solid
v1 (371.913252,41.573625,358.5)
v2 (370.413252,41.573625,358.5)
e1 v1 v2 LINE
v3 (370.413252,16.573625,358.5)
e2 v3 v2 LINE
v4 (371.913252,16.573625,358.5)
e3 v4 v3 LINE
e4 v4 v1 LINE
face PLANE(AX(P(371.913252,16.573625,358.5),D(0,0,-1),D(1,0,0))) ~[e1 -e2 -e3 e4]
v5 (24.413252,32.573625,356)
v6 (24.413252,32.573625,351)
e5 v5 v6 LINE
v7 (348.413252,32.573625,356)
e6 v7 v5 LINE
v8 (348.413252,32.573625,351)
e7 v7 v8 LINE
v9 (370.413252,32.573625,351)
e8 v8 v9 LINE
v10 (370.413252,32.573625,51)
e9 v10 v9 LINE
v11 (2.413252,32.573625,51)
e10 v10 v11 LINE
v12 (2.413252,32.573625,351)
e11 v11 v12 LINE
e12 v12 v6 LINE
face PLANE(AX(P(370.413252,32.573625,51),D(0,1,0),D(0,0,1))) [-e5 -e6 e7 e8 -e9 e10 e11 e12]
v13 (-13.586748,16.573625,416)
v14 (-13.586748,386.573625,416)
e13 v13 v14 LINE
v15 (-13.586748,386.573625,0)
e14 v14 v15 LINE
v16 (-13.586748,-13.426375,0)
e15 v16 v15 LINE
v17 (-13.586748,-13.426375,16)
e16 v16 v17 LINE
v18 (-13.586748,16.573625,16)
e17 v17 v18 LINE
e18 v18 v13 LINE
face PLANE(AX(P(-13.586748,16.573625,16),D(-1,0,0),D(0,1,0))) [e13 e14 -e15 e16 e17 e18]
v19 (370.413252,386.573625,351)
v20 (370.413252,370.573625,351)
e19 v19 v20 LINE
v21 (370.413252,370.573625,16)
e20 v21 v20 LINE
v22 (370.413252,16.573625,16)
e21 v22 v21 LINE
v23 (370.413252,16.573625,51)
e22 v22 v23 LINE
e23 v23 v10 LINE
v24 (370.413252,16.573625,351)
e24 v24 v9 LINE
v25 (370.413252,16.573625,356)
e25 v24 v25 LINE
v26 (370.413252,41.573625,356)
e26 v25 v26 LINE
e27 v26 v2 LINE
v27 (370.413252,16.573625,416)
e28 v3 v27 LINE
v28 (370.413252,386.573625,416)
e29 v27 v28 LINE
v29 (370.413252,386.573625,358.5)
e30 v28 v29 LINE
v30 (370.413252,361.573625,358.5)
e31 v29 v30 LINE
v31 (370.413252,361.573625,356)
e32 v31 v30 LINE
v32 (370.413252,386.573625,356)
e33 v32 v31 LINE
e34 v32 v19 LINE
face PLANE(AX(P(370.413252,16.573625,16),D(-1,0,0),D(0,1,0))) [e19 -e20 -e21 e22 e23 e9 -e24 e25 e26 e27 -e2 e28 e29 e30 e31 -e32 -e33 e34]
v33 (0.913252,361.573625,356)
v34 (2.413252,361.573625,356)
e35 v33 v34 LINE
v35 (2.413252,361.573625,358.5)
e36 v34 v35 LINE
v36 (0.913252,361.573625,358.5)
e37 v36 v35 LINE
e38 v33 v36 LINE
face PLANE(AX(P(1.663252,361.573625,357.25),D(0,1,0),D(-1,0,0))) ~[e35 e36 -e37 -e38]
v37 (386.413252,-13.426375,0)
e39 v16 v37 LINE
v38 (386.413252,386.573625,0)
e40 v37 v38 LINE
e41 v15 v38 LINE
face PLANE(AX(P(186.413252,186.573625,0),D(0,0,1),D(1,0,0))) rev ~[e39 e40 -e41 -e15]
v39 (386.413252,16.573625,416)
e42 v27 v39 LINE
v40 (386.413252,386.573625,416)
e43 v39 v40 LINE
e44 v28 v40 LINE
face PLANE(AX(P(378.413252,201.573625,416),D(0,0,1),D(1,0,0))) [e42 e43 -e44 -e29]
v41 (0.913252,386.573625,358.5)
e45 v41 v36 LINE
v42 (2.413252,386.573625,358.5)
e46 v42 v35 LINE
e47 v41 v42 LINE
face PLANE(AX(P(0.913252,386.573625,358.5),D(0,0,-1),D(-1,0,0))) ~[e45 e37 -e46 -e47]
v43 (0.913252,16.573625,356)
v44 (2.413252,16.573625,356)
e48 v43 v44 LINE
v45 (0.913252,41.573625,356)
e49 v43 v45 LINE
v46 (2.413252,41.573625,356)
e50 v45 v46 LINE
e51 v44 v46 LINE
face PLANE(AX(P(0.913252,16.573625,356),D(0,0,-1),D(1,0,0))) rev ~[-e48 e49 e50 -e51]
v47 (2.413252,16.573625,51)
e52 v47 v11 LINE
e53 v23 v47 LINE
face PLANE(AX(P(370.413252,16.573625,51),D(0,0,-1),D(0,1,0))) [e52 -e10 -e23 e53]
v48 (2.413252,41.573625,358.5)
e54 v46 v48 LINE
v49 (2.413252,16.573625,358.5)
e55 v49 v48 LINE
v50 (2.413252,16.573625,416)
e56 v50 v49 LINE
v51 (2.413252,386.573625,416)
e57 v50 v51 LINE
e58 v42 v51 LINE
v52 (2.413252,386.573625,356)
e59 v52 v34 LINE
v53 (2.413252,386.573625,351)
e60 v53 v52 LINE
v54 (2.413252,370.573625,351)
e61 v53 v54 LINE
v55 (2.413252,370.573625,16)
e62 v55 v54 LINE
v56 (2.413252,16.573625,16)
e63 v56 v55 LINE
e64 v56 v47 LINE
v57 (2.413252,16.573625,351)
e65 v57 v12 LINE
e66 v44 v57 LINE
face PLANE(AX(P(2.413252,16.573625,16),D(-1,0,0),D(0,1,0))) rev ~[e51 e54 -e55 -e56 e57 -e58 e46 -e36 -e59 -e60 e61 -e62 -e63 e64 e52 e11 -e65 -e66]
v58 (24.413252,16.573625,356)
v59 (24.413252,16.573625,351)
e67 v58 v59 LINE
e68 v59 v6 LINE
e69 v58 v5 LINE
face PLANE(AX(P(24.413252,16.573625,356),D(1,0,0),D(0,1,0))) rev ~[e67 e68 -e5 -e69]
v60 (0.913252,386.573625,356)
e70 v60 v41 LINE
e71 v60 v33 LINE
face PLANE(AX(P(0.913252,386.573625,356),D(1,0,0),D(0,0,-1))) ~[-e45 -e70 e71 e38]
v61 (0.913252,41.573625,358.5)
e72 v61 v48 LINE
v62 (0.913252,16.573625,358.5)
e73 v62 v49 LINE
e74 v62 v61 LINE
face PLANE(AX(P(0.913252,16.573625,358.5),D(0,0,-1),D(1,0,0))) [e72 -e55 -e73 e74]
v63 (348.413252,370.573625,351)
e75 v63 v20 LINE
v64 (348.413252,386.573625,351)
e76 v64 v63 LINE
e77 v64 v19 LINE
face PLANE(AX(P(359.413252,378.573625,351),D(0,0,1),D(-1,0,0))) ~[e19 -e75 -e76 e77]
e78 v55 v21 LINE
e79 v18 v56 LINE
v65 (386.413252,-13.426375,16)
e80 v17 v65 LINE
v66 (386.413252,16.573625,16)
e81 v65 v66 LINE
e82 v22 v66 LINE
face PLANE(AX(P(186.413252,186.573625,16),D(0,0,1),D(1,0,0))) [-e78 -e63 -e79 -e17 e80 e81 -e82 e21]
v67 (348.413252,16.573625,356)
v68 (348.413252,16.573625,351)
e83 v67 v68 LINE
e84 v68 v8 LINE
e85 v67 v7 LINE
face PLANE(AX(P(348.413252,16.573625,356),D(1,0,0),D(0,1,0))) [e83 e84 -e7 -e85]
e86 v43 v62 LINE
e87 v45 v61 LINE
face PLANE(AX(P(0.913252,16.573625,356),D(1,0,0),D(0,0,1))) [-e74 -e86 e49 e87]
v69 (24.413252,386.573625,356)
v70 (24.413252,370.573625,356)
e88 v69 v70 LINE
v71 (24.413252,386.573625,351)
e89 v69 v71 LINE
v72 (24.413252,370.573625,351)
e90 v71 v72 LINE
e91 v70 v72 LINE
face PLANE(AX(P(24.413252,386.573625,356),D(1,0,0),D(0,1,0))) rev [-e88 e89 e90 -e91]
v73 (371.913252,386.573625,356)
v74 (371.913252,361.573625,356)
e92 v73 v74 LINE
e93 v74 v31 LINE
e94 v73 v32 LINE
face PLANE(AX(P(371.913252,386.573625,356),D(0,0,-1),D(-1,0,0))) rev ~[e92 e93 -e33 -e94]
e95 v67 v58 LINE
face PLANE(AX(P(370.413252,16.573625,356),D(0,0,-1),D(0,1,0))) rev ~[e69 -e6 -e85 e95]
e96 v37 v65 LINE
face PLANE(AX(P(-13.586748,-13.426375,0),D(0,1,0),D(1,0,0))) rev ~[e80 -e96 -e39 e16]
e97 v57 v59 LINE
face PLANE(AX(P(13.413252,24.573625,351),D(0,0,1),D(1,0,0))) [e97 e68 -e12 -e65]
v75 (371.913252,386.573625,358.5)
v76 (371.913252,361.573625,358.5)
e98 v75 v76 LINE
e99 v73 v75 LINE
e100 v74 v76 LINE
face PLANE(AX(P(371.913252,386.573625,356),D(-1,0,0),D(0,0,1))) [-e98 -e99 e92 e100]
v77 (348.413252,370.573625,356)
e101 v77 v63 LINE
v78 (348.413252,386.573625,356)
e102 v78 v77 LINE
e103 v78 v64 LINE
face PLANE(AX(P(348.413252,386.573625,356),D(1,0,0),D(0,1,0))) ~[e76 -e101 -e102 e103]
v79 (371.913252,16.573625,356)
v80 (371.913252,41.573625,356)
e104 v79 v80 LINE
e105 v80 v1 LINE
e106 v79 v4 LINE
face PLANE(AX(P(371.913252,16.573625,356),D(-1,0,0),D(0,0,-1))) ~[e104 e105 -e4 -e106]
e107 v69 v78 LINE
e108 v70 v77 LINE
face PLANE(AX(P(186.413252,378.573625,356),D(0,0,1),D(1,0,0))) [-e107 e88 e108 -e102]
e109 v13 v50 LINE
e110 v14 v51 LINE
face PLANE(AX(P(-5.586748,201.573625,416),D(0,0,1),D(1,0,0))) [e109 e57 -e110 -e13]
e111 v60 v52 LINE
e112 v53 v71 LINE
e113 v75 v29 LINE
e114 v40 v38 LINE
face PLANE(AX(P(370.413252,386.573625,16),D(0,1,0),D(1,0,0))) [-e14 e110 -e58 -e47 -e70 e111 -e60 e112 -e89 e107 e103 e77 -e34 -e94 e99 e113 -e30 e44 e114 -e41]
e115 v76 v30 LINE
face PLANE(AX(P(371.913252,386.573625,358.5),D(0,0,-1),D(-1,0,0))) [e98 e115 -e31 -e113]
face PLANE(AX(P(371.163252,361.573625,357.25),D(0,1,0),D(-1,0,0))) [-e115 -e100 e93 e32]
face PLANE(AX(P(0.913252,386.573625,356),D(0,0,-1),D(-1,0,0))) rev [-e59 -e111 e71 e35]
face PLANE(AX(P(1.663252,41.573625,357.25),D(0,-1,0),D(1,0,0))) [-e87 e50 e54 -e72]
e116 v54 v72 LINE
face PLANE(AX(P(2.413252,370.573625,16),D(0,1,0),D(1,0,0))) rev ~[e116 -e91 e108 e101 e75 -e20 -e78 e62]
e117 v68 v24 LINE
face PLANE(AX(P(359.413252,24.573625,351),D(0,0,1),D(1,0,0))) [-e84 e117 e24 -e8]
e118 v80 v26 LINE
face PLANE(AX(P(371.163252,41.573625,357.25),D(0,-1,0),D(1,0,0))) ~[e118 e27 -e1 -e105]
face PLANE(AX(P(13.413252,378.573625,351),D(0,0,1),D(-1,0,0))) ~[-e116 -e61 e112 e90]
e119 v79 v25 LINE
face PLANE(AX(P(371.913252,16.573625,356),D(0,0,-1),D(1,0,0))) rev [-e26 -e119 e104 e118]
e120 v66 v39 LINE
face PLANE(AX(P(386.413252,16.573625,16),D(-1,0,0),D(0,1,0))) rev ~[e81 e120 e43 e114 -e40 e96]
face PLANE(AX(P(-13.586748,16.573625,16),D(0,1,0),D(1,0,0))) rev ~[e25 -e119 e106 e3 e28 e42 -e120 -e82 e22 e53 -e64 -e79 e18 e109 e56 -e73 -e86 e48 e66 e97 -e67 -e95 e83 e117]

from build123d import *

# Parameters (mm, degrees)
SKETCH_1_W               = 400
SKETCH_1_H               = 400
EXTRUDE_1_DEPTH          = 16
SKETCH_2_W               = 16
SKETCH_2_H               = 370
EXTRUDE_2_DEPTH          = 400
SKETCH_3_W               = 16
SKETCH_3_H               = 370
EXTRUDE_3_DEPTH          = 400
SKETCH_4_W               = 368
SKETCH_4_H               = 16
EXTRUDE_4_DEPTH          = 340
EXTRUDE_5_REACH          = 687.53
SKETCH_6_W               = 305
SKETCH_6_H               = 16
SKETCH_7_W               = 22
SKETCH_7_H               = 16
CUT_EXTRUDE_1_DEPTH      = 5
SKETCH_14_W              = 22
SKETCH_14_H              = 16
CUT_EXTRUDE_2_DEPTH      = 5
SKETCH_15_W              = 1.5
SKETCH_15_H              = 2.5
CUT_EXTRUDE_3_DEPTH      = 25
MIRROR_4_COPY_1_SKETCH_W = 1.5
MIRROR_4_COPY_1_SKETCH_H = 2.5
MIRROR_4_COPY_1_DEPTH    = 25
MIRROR_4_COPY_2_SKETCH_W = 1.5
MIRROR_4_COPY_2_SKETCH_H = 2.5
MIRROR_4_COPY_2_DEPTH    = 25
MIRROR_4_COPY_3_SKETCH_W = 1.5
MIRROR_4_COPY_3_SKETCH_H = 2.5
MIRROR_4_COPY_3_DEPTH    = 25
MIRROR_4_COPY_4_SKETCH_W = 1.5
MIRROR_4_COPY_4_SKETCH_H = 2.5
MIRROR_4_COPY_4_DEPTH    = 25


with BuildPart() as part:
    # 草图1 → 凸台-拉伸1 (new body)
    with BuildSketch(Plane.XY):
        with Locations((186.413251901, 186.573625287)):
            Rectangle(SKETCH_1_W, SKETCH_1_H)
    extrude(amount=EXTRUDE_1_DEPTH)

    # 草图2 → 凸台-拉伸2 (add)
    with BuildSketch(Plane.XY.offset(16)):
        with Locations((-5.586748099, 201.573625287)):
            Rectangle(SKETCH_2_W, SKETCH_2_H)
    extrude(amount=EXTRUDE_2_DEPTH)

    # 草图3 → 凸台-拉伸3 (add)
    with BuildSketch(Plane.XY.offset(16)):
        with Locations((378.413251901, 201.573625287)):
            Rectangle(SKETCH_3_W, SKETCH_3_H)
    extrude(amount=EXTRUDE_3_DEPTH)

    # 草图4 → 凸台-拉伸4 (add)
    with BuildSketch(Plane.XY.offset(16)):
        with Locations((186.413251901, 378.573625287)):
            Rectangle(SKETCH_4_W, SKETCH_4_H)
    extrude(amount=EXTRUDE_4_DEPTH)

    # 草图6 → 凸台-拉伸5 (add, up to next)
    with BuildSketch(Plane.ZY.offset(-370.413251901), mode=Mode.PRIVATE) as extrude_5_sk1:
        with Locations((203.5, 24.573625287)):
            Rectangle(SKETCH_6_W, SKETCH_6_H)
    extrude_5_tool1 = extrude(extrude_5_sk1.sketch, amount=EXTRUDE_5_REACH, mode=Mode.PRIVATE) - part.part
    add(extrude_5_tool1.solids().sort_by_distance((370.413252, 24.573625, 203.5))[0])

    # 草图7 → 切除-拉伸1 (cut)
    with BuildSketch(Plane.XY.offset(356)):
        with Locations((359.413251901, 24.573625287)):
            Rectangle(SKETCH_7_W, SKETCH_7_H)
    cut_extrude_1 = extrude(amount=-CUT_EXTRUDE_1_DEPTH, mode=Mode.SUBTRACT)

    # 草图14 → 切除-拉伸2 (cut)
    with BuildSketch(Plane.XY.offset(356)):
        with Locations((13.413251901, 24.573625287)):
            Rectangle(SKETCH_14_W, SKETCH_14_H)
    cut_extrude_2 = extrude(amount=-CUT_EXTRUDE_2_DEPTH, mode=Mode.SUBTRACT)

    # 镜向1: 切除-拉伸1, 切除-拉伸2 across plane
    add(cut_extrude_1.mirror(Plane(origin=(0, 201.573625287, 0), x_dir=(0, 0, 1), z_dir=(0, -1, 0))), mode=Mode.SUBTRACT)
    add(cut_extrude_2.mirror(Plane(origin=(0, 201.573625287, 0), x_dir=(0, 0, 1), z_dir=(0, -1, 0))), mode=Mode.SUBTRACT)

    # 草图15 → 切除-拉伸3 (cut)
    with BuildSketch(Plane.XZ.offset(-16.573625287)):
        with Locations((1.663251901, 357.25)):
            Rectangle(SKETCH_15_W, SKETCH_15_H)
    cut_extrude_3 = extrude(amount=-CUT_EXTRUDE_3_DEPTH, mode=Mode.SUBTRACT)

    # 镜向2: 切除-拉伸3 across plane
    add(cut_extrude_3.mirror(Plane(origin=(0, 201.573625287, 0), x_dir=(0, 0, 1), z_dir=(0, -1, 0))), mode=Mode.SUBTRACT)

    # 镜向3: 切除-拉伸3 across plane
    add(cut_extrude_3.mirror(Plane(origin=(186.413251901, 0, 0), x_dir=(0, 0, 1), z_dir=(1, 0, 0))), mode=Mode.SUBTRACT)

    # 镜向4 copy 1 sketch → 镜向4 copy 1 (cut)
    with BuildSketch(Plane.XZ.offset(-16.573625287)):
        with Locations((1.663251901, 357.25)):
            Rectangle(MIRROR_4_COPY_1_SKETCH_W, MIRROR_4_COPY_1_SKETCH_H)
    extrude(amount=-MIRROR_4_COPY_1_DEPTH, mode=Mode.SUBTRACT)

    # 镜向4 copy 2 sketch → 镜向4 copy 2 (cut)
    with BuildSketch(Plane(origin=(0, 386.573625287, 0), x_dir=(1, 0, 0), z_dir=(0, 1, 0))):
        with Locations((1.663251901, -357.25)):
            Rectangle(MIRROR_4_COPY_2_SKETCH_W, MIRROR_4_COPY_2_SKETCH_H)
    extrude(amount=-MIRROR_4_COPY_2_DEPTH, mode=Mode.SUBTRACT)

    # 镜向4 copy 3 sketch → 镜向4 copy 3 (cut)
    with BuildSketch(Plane(origin=(372.826503801, 386.573625287, 0), x_dir=(-1, 0, 0), z_dir=(0, 1, 0))):
        with Locations((1.663251901, 357.25)):
            Rectangle(MIRROR_4_COPY_3_SKETCH_W, MIRROR_4_COPY_3_SKETCH_H)
    extrude(amount=-MIRROR_4_COPY_3_DEPTH, mode=Mode.SUBTRACT)

    # 镜向4 copy 4 sketch → 镜向4 copy 4 (cut)
    with BuildSketch(Plane(origin=(0, 386.573625287, 0), x_dir=(1, 0, 0), z_dir=(0, 1, 0))):
        with Locations((1.663251901, -357.25)):
            Rectangle(MIRROR_4_COPY_4_SKETCH_W, MIRROR_4_COPY_4_SKETCH_H)
    extrude(amount=-MIRROR_4_COPY_4_DEPTH, mode=Mode.SUBTRACT)


solid = part.part
